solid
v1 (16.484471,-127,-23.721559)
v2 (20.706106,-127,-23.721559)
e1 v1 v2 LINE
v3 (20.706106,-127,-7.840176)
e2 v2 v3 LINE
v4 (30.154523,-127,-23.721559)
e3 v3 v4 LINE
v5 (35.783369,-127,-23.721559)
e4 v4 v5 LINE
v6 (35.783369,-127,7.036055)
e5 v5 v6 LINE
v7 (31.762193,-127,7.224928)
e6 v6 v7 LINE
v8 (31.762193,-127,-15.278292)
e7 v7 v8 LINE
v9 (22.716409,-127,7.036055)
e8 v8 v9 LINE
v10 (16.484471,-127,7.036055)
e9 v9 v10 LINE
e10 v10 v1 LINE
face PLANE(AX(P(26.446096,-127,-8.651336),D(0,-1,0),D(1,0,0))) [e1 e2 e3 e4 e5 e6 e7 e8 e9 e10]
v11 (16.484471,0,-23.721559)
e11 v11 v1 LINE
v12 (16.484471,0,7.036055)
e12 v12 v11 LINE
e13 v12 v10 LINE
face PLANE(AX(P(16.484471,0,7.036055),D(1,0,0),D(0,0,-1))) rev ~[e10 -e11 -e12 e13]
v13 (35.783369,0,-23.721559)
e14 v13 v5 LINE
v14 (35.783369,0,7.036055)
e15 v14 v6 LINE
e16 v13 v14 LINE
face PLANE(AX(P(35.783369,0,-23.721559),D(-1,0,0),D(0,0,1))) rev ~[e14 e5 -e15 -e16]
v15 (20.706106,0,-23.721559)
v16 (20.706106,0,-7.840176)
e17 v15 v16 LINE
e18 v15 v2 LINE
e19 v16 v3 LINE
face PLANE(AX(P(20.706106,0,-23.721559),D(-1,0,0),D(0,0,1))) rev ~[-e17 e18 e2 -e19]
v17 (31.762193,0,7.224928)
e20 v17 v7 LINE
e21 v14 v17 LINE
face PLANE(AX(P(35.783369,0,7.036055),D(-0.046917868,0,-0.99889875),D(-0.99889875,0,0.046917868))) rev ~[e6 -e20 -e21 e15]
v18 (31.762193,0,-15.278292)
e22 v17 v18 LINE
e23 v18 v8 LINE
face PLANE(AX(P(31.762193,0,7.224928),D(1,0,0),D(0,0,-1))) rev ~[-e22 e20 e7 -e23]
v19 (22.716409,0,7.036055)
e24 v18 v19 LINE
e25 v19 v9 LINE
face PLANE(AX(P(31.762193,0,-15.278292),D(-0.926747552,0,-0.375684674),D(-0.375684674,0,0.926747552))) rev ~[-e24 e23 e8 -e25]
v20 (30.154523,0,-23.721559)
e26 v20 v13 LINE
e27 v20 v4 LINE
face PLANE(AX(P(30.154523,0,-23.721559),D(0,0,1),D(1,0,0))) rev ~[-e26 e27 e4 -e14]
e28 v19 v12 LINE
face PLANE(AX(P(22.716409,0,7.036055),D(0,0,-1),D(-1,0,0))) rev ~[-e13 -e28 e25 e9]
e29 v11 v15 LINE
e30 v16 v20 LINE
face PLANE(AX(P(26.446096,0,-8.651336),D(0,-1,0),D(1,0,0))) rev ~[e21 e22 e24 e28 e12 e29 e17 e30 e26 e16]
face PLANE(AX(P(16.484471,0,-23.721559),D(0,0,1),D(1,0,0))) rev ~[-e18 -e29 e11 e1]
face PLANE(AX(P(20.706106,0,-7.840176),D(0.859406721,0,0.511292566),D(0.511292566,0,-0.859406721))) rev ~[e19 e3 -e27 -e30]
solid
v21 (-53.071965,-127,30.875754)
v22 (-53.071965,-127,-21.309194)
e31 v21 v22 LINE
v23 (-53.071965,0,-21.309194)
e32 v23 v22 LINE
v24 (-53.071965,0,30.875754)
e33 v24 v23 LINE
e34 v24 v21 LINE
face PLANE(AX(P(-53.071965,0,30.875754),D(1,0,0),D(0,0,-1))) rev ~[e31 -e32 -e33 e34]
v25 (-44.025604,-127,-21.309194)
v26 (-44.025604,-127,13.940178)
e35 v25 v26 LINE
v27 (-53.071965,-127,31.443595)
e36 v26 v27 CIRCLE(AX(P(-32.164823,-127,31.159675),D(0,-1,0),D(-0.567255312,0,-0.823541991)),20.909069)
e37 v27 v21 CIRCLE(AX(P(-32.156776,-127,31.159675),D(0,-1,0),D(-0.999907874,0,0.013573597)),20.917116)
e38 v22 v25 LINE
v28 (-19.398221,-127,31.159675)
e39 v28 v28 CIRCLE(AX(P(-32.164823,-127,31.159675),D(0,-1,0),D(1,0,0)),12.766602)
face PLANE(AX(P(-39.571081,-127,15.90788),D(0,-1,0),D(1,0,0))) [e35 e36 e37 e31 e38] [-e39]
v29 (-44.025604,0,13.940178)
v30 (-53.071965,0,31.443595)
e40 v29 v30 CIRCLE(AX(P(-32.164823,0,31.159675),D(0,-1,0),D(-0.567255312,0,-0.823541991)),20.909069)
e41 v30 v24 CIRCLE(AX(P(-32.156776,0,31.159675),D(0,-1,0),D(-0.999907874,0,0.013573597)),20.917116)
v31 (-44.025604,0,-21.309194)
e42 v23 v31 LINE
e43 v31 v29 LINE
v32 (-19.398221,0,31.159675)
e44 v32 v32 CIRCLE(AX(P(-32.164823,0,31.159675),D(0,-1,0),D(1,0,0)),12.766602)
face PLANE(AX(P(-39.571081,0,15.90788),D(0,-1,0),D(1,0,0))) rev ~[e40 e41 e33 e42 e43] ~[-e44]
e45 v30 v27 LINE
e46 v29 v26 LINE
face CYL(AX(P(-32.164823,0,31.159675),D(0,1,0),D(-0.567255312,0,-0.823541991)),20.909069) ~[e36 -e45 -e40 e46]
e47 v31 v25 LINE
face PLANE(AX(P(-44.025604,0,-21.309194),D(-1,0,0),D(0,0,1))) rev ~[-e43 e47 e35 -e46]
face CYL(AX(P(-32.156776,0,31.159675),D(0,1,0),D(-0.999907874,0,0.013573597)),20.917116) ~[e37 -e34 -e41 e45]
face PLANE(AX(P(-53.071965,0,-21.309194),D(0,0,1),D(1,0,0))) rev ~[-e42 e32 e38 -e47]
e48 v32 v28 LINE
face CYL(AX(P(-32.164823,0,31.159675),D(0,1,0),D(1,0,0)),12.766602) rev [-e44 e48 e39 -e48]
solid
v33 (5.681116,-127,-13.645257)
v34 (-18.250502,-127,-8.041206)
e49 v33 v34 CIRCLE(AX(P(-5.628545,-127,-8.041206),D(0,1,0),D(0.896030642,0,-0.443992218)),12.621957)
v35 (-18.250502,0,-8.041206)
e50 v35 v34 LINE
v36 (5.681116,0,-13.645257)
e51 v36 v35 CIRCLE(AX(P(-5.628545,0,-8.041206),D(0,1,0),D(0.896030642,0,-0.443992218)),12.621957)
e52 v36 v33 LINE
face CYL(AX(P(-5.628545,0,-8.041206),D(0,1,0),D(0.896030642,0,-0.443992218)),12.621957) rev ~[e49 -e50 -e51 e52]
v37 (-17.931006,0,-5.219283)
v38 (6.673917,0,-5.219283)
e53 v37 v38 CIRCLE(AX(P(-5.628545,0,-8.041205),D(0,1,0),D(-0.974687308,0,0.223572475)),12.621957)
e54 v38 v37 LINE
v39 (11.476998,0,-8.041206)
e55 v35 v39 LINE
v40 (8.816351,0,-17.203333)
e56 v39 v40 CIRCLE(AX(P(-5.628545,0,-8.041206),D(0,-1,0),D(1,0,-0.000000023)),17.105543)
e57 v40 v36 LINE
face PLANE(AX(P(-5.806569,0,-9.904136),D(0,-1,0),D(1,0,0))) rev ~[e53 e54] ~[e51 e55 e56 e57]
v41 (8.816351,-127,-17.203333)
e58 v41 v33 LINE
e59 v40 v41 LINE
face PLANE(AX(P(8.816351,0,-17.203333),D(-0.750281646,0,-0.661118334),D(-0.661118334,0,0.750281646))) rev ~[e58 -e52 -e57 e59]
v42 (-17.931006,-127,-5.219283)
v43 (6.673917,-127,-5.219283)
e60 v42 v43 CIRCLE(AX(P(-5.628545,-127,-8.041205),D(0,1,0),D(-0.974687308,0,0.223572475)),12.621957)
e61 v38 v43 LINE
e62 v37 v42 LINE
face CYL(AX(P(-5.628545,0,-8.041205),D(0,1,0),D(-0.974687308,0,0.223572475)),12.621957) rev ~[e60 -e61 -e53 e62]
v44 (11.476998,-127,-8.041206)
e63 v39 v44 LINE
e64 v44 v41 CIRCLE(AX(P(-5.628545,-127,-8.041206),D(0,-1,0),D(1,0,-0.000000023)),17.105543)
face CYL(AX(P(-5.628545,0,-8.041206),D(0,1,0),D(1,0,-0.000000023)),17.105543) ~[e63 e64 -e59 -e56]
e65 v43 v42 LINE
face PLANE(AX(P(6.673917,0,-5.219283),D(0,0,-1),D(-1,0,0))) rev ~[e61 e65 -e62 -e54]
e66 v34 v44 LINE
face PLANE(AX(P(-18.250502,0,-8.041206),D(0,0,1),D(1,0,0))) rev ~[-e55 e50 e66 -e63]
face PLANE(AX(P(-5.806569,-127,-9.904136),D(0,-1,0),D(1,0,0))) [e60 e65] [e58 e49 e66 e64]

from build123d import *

# Parameters (mm, degrees)
F0_R     = 12.766602
F1_DEPTH = 127


with BuildPart() as f1:
    # F0 (on Front) → F1 (new body)
    with BuildSketch(Plane.XZ):
        with BuildLine():
            Line((-53.071965, 30.875754), (-53.071965, -21.309194))
            Line((-53.071965, -21.309194), (-44.025604, -21.309194))
            Line((-44.025604, -21.309194), (-44.025604, 13.940178))
            ThreePointArc((-44.025604, 13.940178), (-13.589932, 40.75981), (-53.071965, 31.443595))
            Line((-53.071965, 31.443595), (-53.071965, 30.875754))
        make_face()
        with Locations((-32.164823, 31.159675)):
            Circle(F0_R, mode=Mode.SUBTRACT)
        with BuildLine():
            ThreePointArc((-53.071965, 31.443595), (-53.073892, 31.159675), (-53.071965, 30.875754))
            Line((-53.071965, 30.875754), (-53.071965, 31.443595))
        make_face()
        with BuildLine():
            Line((-18.250502, -8.041206), (-5.628545, -8.041206))
            Line((-5.628545, -8.041206), (6.993413, -8.041206))
            Line((6.993413, -8.041206), (11.476998, -8.041206))
            ThreePointArc((11.476998, -8.041206), (-22.055464, -3.270891), (8.816351, -17.203333))
            Line((8.816351, -17.203333), (5.681116, -13.645257))
            ThreePointArc((5.681116, -13.645257), (-8.50637, -20.330711), (-18.250502, -8.041206))
        make_face()
        with BuildLine():
            ThreePointArc((-17.931006, -5.219283), (-5.628545, 4.580752), (6.673917, -5.219283))
            Line((6.673917, -5.219283), (-17.931006, -5.219283))
        make_face(mode=Mode.SUBTRACT)
        Polygon((22.716409, 7.036055), (16.484471, 7.036055), (16.484471, -23.721559), (20.706106, -23.721559), (20.706106, -7.840176), (30.154523, -23.721559), (35.783369, -23.721559), (35.783369, 7.036055), (31.762193, 7.224928), (31.762193, -15.278292), align=None)
    extrude(amount=F1_DEPTH)


solid = f1.part
